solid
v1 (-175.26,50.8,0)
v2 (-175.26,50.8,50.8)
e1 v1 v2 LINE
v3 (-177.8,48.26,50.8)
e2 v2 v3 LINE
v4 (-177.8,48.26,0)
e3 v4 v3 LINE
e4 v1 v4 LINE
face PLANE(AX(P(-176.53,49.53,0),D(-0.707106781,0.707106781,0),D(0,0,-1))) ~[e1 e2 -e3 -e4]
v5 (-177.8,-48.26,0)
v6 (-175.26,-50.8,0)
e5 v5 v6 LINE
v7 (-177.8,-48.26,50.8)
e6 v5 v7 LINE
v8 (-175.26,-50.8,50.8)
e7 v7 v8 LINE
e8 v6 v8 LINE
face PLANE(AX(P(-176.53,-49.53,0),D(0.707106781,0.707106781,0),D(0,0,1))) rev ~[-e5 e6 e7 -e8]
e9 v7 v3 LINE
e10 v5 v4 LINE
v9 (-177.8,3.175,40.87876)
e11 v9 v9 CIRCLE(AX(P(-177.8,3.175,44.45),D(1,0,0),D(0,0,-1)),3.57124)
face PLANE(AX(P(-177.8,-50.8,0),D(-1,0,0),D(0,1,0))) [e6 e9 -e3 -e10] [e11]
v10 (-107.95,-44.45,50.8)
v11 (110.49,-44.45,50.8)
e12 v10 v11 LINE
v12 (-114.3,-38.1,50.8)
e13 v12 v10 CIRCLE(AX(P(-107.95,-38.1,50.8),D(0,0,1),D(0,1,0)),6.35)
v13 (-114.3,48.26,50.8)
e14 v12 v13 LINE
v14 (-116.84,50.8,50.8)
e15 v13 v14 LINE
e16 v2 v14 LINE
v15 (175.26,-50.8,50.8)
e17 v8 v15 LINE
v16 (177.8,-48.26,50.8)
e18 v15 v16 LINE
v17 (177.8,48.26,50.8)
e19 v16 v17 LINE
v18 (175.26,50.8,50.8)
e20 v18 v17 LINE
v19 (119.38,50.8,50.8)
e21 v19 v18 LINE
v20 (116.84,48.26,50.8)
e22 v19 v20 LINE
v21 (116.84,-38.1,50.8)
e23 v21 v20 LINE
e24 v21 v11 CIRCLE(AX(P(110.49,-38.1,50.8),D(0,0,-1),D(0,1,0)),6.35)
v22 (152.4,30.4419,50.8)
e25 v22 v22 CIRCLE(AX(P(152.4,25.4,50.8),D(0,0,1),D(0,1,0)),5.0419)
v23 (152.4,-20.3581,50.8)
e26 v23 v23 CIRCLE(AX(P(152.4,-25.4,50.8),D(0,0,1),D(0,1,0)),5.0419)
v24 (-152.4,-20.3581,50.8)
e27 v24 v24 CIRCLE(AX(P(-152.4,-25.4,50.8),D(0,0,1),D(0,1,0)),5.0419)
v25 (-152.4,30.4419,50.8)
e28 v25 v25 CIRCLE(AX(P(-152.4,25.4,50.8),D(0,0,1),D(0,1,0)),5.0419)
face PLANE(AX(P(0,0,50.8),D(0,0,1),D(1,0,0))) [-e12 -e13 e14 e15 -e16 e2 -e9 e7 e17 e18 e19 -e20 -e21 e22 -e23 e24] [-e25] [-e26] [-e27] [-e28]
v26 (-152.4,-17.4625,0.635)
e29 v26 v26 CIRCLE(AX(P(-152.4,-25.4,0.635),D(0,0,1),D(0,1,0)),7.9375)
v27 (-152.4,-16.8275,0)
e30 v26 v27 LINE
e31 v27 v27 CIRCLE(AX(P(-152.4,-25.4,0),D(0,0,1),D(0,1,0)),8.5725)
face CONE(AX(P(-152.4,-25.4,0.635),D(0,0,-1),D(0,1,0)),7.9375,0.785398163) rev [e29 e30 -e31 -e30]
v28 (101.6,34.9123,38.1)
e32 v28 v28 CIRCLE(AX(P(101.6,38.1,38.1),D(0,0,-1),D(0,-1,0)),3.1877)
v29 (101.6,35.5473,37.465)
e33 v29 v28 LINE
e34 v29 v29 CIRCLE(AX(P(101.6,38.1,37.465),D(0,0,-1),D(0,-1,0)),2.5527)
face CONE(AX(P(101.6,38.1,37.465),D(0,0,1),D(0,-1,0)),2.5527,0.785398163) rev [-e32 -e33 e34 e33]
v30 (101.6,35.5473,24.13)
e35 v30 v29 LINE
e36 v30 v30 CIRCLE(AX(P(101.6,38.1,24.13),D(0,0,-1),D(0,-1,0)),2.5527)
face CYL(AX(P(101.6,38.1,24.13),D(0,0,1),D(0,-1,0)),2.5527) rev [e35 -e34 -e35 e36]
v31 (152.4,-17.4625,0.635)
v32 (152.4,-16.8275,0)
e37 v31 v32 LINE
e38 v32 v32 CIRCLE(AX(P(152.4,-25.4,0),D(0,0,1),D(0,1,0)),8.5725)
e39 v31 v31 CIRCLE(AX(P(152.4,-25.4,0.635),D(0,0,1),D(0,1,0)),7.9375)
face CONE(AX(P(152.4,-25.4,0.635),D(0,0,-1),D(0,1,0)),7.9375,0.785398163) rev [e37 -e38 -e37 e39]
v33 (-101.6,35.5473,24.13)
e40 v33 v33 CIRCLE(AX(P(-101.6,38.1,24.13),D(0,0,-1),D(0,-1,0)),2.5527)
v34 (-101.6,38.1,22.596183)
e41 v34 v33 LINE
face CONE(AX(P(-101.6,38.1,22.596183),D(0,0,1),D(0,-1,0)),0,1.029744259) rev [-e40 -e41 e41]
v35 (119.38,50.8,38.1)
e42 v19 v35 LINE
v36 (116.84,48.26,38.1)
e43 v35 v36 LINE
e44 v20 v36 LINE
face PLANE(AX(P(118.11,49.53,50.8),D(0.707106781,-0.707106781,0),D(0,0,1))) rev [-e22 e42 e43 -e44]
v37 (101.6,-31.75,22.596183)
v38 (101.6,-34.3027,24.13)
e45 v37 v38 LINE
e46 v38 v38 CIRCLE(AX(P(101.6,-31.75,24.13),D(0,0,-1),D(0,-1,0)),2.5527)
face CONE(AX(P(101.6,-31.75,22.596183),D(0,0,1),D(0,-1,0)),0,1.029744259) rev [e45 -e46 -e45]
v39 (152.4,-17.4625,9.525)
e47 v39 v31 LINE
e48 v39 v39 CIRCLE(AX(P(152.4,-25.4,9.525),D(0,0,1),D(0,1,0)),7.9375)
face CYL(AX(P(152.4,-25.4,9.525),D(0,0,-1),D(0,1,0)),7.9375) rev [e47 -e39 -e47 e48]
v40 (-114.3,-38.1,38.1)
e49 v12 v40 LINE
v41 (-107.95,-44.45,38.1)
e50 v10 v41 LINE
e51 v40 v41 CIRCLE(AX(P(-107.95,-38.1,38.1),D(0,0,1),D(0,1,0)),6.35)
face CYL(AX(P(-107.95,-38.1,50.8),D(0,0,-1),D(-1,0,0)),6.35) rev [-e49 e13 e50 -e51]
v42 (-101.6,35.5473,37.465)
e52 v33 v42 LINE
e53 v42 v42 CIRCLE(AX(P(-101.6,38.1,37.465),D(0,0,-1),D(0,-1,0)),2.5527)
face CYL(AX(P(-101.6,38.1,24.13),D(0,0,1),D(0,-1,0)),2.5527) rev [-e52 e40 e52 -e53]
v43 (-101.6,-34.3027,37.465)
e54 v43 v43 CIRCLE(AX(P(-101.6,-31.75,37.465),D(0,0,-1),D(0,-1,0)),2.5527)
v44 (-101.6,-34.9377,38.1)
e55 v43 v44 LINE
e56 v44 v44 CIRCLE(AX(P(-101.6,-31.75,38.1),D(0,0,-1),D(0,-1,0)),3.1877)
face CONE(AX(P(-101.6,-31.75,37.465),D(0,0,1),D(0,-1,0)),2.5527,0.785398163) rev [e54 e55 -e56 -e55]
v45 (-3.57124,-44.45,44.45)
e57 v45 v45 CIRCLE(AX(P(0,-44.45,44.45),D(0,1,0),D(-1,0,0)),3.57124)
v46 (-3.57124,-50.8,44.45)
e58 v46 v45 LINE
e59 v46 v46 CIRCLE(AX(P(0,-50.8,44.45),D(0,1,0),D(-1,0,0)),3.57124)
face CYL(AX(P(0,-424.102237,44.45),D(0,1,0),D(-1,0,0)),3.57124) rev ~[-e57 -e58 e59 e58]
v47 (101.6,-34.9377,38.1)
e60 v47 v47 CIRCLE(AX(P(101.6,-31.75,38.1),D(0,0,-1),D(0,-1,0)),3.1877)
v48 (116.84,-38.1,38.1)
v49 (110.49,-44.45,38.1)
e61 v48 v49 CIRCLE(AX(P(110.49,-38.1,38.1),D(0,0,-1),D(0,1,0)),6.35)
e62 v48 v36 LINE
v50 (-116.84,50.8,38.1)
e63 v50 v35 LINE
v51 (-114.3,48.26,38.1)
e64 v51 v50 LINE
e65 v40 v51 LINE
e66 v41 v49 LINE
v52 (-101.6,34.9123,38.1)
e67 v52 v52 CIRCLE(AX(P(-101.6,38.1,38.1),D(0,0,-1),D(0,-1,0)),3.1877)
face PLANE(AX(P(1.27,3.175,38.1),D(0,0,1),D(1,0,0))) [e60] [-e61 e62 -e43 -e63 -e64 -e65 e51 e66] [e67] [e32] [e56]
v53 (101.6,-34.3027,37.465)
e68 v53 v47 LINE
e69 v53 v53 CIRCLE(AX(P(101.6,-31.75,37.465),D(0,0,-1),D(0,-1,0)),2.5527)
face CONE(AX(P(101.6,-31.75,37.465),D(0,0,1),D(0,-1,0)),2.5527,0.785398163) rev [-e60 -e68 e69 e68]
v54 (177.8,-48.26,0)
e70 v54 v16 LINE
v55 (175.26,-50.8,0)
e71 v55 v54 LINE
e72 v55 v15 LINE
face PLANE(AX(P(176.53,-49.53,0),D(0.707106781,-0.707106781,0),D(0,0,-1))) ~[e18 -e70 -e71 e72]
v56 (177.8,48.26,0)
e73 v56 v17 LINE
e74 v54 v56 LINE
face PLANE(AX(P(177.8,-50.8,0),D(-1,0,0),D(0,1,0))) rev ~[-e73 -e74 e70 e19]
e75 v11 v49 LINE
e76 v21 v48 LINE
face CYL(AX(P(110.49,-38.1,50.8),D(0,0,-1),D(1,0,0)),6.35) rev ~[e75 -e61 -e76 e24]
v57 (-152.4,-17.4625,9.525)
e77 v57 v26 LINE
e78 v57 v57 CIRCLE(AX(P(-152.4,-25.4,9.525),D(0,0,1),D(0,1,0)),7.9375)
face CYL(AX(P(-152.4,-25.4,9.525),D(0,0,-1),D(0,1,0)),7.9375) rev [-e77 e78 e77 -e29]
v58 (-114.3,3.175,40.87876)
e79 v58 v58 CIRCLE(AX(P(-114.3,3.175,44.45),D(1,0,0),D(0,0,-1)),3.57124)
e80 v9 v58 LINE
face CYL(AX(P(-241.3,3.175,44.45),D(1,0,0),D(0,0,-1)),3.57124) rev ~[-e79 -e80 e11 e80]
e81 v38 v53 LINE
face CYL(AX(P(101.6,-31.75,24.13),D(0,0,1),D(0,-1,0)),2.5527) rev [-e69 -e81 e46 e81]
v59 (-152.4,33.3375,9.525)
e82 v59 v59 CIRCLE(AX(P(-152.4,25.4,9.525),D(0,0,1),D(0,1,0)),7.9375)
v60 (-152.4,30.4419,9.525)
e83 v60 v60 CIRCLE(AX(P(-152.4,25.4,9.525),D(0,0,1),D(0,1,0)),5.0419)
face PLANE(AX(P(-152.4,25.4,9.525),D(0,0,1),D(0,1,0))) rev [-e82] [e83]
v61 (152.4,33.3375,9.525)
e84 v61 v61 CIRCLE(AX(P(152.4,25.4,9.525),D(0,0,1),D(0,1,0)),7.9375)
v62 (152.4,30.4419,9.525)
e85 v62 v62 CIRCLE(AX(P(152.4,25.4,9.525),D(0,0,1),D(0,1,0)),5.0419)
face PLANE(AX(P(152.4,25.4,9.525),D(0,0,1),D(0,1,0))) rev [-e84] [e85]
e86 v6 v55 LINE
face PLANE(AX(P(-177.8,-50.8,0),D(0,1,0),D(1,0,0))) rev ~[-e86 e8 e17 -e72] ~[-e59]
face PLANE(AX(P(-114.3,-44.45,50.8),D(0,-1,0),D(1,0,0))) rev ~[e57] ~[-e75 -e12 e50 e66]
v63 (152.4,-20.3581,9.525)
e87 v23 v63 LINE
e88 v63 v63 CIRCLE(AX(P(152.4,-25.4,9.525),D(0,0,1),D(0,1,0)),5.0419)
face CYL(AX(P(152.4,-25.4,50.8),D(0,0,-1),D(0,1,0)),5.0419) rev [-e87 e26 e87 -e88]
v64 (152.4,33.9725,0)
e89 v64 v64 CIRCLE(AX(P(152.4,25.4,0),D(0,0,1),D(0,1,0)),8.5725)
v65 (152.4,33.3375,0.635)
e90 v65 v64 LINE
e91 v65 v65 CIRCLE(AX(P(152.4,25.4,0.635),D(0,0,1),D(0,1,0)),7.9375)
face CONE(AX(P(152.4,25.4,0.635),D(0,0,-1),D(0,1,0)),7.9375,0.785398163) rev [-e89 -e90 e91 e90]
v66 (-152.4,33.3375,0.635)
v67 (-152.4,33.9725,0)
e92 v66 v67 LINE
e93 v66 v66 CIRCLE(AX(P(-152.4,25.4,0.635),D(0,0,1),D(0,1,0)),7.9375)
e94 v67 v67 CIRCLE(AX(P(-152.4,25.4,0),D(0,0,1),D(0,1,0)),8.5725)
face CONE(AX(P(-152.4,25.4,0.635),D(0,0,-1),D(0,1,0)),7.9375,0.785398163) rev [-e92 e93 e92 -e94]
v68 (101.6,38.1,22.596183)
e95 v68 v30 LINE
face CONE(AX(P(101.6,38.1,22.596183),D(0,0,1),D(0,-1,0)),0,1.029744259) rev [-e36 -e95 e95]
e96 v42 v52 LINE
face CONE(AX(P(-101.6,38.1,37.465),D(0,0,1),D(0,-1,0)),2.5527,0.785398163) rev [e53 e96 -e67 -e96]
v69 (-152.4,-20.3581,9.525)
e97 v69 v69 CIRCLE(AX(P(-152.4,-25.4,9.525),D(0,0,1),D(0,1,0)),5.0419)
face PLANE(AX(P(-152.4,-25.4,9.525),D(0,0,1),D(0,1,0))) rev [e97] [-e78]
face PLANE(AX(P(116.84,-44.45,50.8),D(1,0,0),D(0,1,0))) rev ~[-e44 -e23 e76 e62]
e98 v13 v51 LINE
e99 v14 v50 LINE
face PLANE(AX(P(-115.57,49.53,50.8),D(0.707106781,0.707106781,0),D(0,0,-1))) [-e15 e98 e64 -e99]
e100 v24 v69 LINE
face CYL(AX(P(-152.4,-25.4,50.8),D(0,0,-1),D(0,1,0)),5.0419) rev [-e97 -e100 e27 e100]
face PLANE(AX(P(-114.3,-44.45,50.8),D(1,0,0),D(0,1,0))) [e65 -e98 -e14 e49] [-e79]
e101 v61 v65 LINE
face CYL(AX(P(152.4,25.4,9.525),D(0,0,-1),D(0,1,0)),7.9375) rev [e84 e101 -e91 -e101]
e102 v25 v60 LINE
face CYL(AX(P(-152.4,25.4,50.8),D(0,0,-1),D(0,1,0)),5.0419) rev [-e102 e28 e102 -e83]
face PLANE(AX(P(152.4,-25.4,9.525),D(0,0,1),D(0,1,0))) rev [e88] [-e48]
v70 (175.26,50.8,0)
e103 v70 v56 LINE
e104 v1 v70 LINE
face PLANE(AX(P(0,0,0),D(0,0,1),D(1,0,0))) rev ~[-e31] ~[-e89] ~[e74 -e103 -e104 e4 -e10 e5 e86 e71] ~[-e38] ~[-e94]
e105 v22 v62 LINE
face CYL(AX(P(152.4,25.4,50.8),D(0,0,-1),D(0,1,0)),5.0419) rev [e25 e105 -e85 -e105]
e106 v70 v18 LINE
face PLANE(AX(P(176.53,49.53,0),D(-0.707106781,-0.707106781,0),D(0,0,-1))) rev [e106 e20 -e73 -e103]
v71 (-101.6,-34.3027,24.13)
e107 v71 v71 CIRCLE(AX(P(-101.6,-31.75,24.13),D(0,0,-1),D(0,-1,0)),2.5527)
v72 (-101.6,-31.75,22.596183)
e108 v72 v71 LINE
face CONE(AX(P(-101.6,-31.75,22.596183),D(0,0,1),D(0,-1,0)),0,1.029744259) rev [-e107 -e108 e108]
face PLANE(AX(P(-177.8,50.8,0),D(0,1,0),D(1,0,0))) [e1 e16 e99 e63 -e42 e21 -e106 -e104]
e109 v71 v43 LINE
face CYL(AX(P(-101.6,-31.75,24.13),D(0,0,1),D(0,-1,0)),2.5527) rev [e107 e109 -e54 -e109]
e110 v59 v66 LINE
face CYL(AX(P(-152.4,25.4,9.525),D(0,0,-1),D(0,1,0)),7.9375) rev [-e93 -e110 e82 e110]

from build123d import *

# Parameters (mm, degrees)
SKETCH1_W                   = 355.6
SKETCH1_H                   = 101.6
EXTRUDE1_DEPTH              = 50.8
SKETCH6_W                   = 231.14
SKETCH6_H                   = 95.25
EXTRUDE2_DEPTH              = 12.7
FILLET1_R                   = 6.35
LPATTERN3_COUNT             = 2
LPATTERN3_PITCH             = 203.2
LPATTERN3_COUNT_DIR2        = 2
LPATTERN3_PITCH_DIR2        = 69.85
F_1_4_CLEARANCE_HOLE2_D     = 7.14248
F_1_4_CLEARANCE_HOLE2_DEPTH = 63.5
F_1_4_CLEARANCE_HOLE1_D     = 7.14248
LPATTERN4_COUNT             = 2
LPATTERN4_PITCH             = 50.8
LPATTERN4_COUNT_DIR2        = 2
LPATTERN4_PITCH_DIR2        = 304.8
CHAMFER1_SIZE               = 2.54


with BuildPart() as part:
    # Sketch1 → Extrude1 (new body)
    with BuildSketch(Plane.XY):
        Rectangle(SKETCH1_W, SKETCH1_H)
    extrude(amount=EXTRUDE1_DEPTH)

    # Sketch6 → Extrude2 (cut)
    with BuildSketch(Plane.XY.offset(50.8)):
        with Locations((1.27, 3.175)):
            Rectangle(SKETCH6_W, SKETCH6_H)
    extrude(amount=-EXTRUDE2_DEPTH, mode=Mode.SUBTRACT)

    # Fillet1
    fillet1_edges = [part.edges().sort_by_distance(p)[0] for p in [
        (116.84, -44.45, 44.45),
        (-114.3, -44.45, 44.45),
    ]]
    fillet(fillet1_edges, radius=FILLET1_R)

    # Sketch7 → 1/4-20 Tapped Hole1 (revolve, cut)
    with BuildSketch(Plane(origin=(101.6, -31.75, 38.1), x_dir=(0, -1, 0), z_dir=(1, 0, 0))):
        Polygon((0, 0), (0, 15.503816902), (2.5527, 13.97), (2.5527, 0.635), (3.1877, 0), align=None)
    f_1_4_20_tapped_hole1 = revolve(axis=Axis((101.6, -31.75, 44.45), (0, 0, -1)), mode=Mode.SUBTRACT)

    # LPattern3: 1_4-20 Tapped Hole1 2 × 2
    with Locations(*[(-i * LPATTERN3_PITCH, j * LPATTERN3_PITCH_DIR2, 0) for i in range(LPATTERN3_COUNT) for j in range(LPATTERN3_COUNT_DIR2) if (i, j) != (0, 0)]):
        add(f_1_4_20_tapped_hole1, mode=Mode.SUBTRACT)

    # 1/4 Clearance Hole2
    with Locations(Plane.ZY.offset(177.8)):
        with Locations((44.45, 3.175)):
            Hole(F_1_4_CLEARANCE_HOLE2_D / 2, depth=F_1_4_CLEARANCE_HOLE2_DEPTH)

    # 1/4 Clearance Hole1 (through all)
    with Locations(Plane.XZ.offset(50.8)):
        with Locations((0, 44.45)):
            Hole(F_1_4_CLEARANCE_HOLE1_D / 2)

    # Sketch14 → CBORE for 3/8 Socket Head Cap Screw1 (revolve, cut)
    with BuildSketch(Plane(origin=(152.4, 25.4, 0), x_dir=(0, 1, 0), z_dir=(1, 0, 0))):
        Polygon((0, 0), (0, 50.8), (5.0419, 50.8), (5.0419, 9.525), (7.9375, 9.525), (7.9375, 0.635), (8.5725, 0), align=None)
    cbore_for_3_8_socket_head_cap_screw1 = revolve(axis=Axis((152.4, 25.4, -6.35), (0, 0, 1)), mode=Mode.SUBTRACT)

    # LPattern4: CBORE for 3_8 Socket Head Cap Screw1 2 × 2
    with Locations(*[(-j * LPATTERN4_PITCH_DIR2, -i * LPATTERN4_PITCH, 0) for i in range(LPATTERN4_COUNT) for j in range(LPATTERN4_COUNT_DIR2) if (i, j) != (0, 0)]):
        add(cbore_for_3_8_socket_head_cap_screw1, mode=Mode.SUBTRACT)

    # Chamfer1
    chamfer1_edges = [part.edges().sort_by_distance(p)[0] for p in [
        (116.84, 50.8, 44.45),
        (-114.3, 50.8, 44.45),
        (177.8, -50.8, 25.4),
        (-177.8, -50.8, 25.4),
        (-177.8, 50.8, 25.4),
        (177.8, 50.8, 25.4),
    ]]
    chamfer(chamfer1_edges, length=CHAMFER1_SIZE)


solid = part.part
